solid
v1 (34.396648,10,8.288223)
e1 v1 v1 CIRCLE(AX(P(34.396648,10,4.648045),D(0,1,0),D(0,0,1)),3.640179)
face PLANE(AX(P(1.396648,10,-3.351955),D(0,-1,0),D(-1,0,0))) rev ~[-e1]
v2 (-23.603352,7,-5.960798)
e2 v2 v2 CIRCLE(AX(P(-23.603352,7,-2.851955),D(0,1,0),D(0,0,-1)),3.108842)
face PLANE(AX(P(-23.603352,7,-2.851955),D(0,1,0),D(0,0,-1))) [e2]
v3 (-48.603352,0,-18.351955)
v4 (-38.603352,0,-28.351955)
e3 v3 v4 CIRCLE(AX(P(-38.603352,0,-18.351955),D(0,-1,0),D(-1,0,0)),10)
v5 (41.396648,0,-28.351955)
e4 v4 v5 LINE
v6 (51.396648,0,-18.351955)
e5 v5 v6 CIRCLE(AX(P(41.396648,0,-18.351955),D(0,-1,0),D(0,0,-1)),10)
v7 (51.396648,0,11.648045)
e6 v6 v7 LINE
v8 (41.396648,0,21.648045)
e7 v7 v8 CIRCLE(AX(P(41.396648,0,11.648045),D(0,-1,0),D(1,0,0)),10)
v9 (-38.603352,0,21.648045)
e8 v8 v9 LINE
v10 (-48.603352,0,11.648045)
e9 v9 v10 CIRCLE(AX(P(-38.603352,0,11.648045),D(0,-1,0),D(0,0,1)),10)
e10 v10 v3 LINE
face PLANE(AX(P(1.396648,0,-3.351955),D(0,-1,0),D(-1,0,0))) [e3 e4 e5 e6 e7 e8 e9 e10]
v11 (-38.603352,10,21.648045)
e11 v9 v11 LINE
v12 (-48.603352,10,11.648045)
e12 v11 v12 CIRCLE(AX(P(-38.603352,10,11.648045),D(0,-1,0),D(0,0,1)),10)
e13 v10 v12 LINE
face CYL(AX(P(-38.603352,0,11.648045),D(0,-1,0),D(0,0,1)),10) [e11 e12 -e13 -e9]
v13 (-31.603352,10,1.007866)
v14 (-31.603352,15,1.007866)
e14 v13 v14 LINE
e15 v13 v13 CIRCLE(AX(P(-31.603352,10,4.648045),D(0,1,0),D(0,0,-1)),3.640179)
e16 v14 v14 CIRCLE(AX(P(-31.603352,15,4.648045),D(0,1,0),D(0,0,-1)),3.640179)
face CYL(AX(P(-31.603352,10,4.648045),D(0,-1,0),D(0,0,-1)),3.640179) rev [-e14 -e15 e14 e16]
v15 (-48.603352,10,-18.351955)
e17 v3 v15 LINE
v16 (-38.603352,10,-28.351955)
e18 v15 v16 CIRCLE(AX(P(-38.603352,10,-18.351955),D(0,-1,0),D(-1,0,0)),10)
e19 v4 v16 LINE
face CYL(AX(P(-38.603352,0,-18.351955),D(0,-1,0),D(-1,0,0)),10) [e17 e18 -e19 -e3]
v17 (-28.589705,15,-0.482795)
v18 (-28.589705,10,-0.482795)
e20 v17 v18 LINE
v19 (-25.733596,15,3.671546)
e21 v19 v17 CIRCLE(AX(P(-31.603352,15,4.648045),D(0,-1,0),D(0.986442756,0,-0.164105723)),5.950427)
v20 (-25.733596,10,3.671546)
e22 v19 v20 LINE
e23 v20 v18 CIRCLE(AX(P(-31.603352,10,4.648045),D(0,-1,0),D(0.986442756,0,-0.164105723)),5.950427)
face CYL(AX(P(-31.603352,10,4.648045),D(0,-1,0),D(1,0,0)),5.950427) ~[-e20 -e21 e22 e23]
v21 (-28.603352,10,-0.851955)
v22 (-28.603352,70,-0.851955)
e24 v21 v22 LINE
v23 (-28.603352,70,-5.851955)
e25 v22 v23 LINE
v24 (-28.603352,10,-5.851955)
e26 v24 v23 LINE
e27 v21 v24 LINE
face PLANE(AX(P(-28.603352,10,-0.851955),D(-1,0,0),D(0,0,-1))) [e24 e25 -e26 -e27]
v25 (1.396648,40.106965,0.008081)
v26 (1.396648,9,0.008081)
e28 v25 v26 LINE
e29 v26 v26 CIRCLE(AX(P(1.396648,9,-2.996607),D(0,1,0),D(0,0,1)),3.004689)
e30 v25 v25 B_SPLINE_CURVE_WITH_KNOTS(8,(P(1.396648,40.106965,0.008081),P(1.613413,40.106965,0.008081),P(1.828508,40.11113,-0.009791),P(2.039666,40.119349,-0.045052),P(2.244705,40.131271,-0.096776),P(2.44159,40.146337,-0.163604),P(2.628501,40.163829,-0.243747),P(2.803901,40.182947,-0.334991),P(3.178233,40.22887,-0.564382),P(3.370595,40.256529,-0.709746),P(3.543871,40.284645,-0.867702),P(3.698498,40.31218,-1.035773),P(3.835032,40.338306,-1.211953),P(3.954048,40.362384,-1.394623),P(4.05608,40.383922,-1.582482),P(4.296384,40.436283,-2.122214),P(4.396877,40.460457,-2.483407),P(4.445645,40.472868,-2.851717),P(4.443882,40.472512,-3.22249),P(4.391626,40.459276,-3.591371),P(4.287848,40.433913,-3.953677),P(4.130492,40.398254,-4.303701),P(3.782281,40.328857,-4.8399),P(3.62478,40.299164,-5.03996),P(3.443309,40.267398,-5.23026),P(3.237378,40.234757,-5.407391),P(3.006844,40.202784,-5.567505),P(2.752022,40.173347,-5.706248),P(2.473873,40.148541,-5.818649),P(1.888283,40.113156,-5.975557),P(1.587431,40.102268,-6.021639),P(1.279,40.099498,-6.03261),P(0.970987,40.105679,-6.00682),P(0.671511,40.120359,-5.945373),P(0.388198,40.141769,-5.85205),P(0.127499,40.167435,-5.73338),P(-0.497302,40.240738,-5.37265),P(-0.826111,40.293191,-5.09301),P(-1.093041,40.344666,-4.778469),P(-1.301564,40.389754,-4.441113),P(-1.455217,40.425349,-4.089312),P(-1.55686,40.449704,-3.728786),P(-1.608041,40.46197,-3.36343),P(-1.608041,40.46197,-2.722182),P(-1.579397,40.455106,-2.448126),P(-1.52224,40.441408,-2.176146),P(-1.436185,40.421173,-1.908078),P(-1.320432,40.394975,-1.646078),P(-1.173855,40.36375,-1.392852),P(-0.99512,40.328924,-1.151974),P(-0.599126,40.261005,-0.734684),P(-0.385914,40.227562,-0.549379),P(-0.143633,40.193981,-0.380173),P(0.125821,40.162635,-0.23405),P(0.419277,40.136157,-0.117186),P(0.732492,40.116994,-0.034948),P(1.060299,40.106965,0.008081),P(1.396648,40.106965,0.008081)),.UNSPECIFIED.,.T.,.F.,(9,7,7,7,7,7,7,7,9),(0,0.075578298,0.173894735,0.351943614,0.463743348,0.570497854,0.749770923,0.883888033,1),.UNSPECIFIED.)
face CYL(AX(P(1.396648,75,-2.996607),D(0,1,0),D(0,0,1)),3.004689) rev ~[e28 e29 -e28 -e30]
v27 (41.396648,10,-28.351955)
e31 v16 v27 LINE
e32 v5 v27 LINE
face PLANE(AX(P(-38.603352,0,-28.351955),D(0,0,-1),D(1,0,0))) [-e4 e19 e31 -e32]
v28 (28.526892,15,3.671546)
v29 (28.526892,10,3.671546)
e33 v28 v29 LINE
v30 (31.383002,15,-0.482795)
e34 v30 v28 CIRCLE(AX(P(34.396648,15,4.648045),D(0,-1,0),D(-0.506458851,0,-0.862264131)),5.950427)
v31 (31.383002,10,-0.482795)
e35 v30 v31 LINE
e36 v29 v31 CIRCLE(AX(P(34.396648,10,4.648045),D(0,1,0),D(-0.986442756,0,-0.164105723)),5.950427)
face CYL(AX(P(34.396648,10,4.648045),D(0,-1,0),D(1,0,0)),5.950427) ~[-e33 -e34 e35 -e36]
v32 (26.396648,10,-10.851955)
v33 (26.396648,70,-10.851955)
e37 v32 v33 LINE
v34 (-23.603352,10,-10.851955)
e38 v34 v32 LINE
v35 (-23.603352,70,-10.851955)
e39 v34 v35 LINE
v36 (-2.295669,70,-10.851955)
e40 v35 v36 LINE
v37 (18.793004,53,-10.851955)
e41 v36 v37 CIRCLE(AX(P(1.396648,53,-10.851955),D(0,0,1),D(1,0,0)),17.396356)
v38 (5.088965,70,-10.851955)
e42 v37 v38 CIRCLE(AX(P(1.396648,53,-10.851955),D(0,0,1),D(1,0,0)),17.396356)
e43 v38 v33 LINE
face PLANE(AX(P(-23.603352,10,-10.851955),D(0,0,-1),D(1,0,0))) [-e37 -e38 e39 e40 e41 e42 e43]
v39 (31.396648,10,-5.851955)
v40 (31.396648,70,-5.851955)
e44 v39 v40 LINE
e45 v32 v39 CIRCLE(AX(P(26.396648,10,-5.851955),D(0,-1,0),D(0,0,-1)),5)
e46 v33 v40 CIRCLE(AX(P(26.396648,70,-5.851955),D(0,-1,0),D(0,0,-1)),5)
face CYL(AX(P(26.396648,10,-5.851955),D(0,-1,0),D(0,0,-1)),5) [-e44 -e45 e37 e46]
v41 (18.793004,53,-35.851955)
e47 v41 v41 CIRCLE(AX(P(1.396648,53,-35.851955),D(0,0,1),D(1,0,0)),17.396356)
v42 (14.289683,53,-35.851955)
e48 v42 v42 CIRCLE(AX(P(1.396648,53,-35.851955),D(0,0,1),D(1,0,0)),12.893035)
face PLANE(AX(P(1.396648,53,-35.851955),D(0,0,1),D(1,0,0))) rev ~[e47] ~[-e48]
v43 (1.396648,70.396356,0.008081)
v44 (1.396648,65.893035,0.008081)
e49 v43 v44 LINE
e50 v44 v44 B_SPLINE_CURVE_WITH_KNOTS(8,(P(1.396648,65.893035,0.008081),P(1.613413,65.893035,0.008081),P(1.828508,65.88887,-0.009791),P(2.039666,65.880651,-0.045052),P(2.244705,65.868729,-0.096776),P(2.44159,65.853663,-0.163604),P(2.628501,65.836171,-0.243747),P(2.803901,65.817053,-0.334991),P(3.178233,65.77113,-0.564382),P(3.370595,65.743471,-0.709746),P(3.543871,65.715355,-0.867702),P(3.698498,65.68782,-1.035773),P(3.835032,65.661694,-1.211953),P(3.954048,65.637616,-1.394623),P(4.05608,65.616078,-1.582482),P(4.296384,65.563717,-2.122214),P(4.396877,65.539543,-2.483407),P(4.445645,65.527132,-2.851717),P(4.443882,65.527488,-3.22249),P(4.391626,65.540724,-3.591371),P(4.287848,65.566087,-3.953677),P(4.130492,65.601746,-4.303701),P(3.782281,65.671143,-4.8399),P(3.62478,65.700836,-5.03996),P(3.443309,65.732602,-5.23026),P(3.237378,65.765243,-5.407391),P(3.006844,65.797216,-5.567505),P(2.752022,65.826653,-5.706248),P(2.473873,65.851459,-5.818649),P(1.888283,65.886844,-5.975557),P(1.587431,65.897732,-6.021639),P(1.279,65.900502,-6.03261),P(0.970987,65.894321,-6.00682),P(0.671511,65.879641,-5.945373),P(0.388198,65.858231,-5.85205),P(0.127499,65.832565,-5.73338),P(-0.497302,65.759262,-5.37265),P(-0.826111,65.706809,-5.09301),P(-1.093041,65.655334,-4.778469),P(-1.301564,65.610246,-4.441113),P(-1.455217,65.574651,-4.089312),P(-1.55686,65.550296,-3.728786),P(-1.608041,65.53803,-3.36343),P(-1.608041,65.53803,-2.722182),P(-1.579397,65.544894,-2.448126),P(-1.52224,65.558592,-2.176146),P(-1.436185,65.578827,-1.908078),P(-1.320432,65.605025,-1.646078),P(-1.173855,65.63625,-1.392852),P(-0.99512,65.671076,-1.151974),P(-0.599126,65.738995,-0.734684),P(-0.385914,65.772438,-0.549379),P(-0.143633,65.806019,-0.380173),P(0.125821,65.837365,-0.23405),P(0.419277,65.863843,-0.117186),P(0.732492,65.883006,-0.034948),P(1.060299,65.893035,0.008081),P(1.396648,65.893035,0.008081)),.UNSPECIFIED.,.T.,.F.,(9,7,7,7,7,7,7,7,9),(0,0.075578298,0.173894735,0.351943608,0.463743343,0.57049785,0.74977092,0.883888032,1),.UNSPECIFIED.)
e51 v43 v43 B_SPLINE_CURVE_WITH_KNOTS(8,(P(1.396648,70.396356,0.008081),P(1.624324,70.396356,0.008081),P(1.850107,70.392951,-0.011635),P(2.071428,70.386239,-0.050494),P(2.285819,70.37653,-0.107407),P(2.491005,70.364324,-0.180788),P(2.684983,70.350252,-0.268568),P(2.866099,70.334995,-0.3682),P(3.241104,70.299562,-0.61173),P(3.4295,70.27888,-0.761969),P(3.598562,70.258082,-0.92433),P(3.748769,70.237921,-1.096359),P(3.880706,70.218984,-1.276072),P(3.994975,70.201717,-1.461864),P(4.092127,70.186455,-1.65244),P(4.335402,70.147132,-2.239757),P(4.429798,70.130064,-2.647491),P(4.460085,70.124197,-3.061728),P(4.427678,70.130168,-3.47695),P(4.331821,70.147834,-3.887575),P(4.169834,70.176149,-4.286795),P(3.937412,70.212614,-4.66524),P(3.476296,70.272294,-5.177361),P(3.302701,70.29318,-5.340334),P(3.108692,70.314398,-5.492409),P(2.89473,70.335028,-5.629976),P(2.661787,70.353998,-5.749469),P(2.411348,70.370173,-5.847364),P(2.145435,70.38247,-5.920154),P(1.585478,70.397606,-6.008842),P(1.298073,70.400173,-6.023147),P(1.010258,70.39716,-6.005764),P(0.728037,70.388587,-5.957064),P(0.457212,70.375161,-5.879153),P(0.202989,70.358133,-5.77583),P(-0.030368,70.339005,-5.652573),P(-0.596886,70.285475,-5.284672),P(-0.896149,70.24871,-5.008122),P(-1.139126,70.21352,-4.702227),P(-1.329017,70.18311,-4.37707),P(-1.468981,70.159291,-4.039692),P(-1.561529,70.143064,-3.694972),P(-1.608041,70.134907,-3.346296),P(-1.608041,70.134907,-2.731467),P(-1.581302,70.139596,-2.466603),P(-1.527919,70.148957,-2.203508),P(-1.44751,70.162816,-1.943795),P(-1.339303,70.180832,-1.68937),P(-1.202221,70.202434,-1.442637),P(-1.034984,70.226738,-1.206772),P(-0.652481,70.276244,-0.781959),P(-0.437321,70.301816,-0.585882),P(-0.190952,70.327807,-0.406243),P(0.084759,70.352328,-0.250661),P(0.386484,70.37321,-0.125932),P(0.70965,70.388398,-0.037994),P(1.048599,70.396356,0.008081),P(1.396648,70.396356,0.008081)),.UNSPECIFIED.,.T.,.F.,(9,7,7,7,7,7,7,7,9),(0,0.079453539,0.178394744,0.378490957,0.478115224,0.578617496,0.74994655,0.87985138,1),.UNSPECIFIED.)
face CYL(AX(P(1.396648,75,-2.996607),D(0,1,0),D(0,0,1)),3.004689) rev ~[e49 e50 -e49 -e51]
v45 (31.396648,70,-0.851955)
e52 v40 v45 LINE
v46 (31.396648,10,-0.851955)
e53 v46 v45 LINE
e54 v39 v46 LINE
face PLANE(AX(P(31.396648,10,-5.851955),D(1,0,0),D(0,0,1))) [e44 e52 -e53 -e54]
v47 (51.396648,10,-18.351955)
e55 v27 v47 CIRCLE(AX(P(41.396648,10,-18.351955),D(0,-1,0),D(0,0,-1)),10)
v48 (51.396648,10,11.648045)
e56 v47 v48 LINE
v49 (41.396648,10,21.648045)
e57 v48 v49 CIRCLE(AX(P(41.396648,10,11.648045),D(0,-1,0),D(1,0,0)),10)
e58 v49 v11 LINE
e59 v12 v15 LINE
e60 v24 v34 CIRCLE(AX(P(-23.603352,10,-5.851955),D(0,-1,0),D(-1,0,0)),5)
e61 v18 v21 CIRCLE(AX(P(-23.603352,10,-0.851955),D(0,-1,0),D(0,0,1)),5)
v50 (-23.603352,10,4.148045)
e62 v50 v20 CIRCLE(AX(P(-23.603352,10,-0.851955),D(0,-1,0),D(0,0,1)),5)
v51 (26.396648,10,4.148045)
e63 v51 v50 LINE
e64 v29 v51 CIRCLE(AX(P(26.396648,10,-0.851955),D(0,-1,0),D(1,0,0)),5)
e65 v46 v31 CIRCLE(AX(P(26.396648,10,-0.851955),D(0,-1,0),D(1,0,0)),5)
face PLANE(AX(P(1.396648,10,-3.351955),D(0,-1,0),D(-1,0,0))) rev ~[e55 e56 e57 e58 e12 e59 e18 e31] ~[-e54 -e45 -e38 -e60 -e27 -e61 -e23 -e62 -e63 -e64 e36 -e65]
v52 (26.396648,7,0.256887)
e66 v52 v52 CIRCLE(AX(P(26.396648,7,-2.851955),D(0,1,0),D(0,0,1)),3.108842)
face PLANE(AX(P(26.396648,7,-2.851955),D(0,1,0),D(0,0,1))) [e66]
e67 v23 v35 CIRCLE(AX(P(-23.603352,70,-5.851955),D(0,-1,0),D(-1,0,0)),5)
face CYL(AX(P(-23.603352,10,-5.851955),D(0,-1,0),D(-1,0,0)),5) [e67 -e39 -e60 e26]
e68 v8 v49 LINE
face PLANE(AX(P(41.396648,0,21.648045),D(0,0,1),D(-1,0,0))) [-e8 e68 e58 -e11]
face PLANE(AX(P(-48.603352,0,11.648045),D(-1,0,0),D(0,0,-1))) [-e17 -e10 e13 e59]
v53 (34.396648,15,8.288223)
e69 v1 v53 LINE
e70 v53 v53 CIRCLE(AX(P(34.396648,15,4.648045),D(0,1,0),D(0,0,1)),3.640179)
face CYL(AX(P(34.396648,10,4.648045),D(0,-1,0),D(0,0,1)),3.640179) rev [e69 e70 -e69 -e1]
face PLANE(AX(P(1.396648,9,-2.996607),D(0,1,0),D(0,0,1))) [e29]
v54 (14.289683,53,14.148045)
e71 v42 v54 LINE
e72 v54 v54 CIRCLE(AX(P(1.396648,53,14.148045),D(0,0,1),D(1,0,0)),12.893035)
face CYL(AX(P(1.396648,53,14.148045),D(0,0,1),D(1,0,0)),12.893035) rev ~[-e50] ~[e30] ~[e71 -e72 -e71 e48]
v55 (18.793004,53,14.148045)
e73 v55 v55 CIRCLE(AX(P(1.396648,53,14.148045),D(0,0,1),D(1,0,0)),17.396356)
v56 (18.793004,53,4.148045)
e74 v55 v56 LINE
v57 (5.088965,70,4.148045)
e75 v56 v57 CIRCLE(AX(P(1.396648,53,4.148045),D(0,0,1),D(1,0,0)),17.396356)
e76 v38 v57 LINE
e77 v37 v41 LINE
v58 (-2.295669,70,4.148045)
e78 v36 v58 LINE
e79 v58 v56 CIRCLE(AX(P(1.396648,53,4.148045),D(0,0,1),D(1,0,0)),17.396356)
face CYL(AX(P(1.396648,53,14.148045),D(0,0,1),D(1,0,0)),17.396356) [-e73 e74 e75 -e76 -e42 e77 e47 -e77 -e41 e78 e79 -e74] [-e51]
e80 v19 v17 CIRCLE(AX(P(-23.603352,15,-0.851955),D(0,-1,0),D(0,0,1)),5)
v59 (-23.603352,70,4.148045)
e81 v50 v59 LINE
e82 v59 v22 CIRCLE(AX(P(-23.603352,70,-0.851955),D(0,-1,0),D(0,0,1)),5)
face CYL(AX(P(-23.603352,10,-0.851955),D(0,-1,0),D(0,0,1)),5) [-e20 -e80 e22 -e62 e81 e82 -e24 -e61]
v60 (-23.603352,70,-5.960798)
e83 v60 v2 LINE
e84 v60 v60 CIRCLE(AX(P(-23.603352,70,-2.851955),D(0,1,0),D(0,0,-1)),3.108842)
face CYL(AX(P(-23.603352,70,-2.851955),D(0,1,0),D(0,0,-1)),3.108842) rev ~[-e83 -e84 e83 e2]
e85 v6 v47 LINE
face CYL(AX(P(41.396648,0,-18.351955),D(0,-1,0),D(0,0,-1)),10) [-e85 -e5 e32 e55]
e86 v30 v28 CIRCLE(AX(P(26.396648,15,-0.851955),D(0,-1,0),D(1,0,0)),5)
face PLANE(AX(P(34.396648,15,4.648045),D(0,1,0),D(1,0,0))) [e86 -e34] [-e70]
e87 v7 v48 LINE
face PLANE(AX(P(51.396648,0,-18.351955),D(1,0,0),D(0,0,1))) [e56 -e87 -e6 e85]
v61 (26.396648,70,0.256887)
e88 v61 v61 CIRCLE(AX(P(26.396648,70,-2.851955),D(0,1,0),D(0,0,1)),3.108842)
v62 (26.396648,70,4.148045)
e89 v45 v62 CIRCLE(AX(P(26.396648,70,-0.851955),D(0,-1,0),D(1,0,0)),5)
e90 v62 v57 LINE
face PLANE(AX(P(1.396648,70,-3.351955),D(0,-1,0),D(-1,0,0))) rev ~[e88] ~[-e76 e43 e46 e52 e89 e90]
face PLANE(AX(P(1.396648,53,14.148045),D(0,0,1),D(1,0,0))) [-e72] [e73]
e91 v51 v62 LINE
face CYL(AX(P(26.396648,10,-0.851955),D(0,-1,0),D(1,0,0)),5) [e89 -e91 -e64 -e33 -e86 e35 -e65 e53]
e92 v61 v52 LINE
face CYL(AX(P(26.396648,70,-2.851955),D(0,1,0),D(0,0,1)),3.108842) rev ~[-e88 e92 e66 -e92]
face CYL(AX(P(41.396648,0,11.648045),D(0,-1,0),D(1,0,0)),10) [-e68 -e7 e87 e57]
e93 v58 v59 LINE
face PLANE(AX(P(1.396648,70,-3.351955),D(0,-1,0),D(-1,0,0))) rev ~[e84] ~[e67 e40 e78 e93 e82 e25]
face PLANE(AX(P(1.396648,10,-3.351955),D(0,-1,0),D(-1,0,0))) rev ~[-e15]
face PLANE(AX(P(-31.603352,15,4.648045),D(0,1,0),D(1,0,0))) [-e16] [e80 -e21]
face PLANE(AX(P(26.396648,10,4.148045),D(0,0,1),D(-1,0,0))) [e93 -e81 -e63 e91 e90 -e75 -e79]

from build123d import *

# Parameters (mm, degrees)
BOSS_EXTRUDE2_DEPTH = 10
BOSS_EXTRUDE4_DEPTH = 60
SKETCH4_R           = 5.950427228
SKETCH4_R_2         = 3.640178542
BOSS_EXTRUDE5_DEPTH = 5
SKETCH9_R           = 17.396356036
SKETCH9_R_2         = 12.893034815
BOSS_EXTRUDE7_DEPTH = 50
SKETCH11_R          = 12.893034815
CUT_EXTRUDE2_DEPTH  = 96.902358539
SKETCH12_R          = 3.108842341
CUT_EXTRUDE5_DEPTH  = 63
SKETCH16_R          = 3.004688719
CUT_EXTRUDE6_DEPTH  = 66


with BuildPart() as part:
    # Sketch1 → Boss-Extrude2 (new body)
    with BuildSketch(Plane(origin=(0, 0, 0), x_dir=(1, 0, 0), z_dir=(0, 1, 0))):
        with BuildLine():
            Line((-38.603351955, 28.351955307), (41.396648045, 28.351955307))
            ThreePointArc((41.396648045, 28.351955307), (48.467715857, 25.423023119), (51.396648045, 18.351955307))
            Line((51.396648045, 18.351955307), (51.396648045, -11.648044693))
            ThreePointArc((51.396648045, -11.648044693), (48.467715857, -18.719112505), (41.396648045, -21.648044693))
            Line((41.396648045, -21.648044693), (-38.603351955, -21.648044693))
            ThreePointArc((-38.603351955, -21.648044693), (-45.674419767, -18.719112505), (-48.603351955, -11.648044693))
            Line((-48.603351955, -11.648044693), (-48.603351955, 18.351955307))
            ThreePointArc((-48.603351955, 18.351955307), (-45.674419767, 25.423023119), (-38.603351955, 28.351955307))
        make_face()
    extrude(amount=BOSS_EXTRUDE2_DEPTH)

    # Sketch3 → Boss-Extrude4 (add)
    with BuildSketch(Plane(origin=(0, 10, 0), x_dir=(1, 0, 0), z_dir=(0, 1, 0))):
        with BuildLine():
            Line((-23.603351955, 10.851955307), (26.396648045, 10.851955307))
            ThreePointArc((26.396648045, 10.851955307), (29.932181951, 9.387489213), (31.396648045, 5.851955307))
            Line((31.396648045, 5.851955307), (31.396648045, 0.851955307))
            ThreePointArc((31.396648045, 0.851955307), (29.932181951, -2.683578599), (26.396648045, -4.148044693))
            Line((26.396648045, -4.148044693), (-23.603351955, -4.148044693))
            ThreePointArc((-23.603351955, -4.148044693), (-27.138885861, -2.683578599), (-28.603351955, 0.851955307))
            Line((-28.603351955, 0.851955307), (-28.603351955, 5.851955307))
            ThreePointArc((-28.603351955, 5.851955307), (-27.138885861, 9.387489213), (-23.603351955, 10.851955307))
        make_face()
    extrude(amount=BOSS_EXTRUDE4_DEPTH)

    # Sketch4 → Boss-Extrude5 (add)
    # profile 1 of 2: a face of its own
    with BuildSketch(Plane(origin=(0, 10, 0), x_dir=(1, 0, 0), z_dir=(0, 1, 0))):
        with Locations((34.396648045, -4.648044693)):
            Circle(SKETCH4_R)
        with Locations(Location((34.396648045, -4.648044693, 0), (0, 0, 270))):
            Circle(SKETCH4_R_2, mode=Mode.SUBTRACT)
    # profile 2 of 2: a face of its own
    with BuildSketch(Plane(origin=(0, 10, 0), x_dir=(1, 0, 0), z_dir=(0, 1, 0))):
        with Locations((-31.603351955, -4.648044693)):
            Circle(SKETCH4_R)
        with Locations(Location((-31.603351955, -4.648044693, 0), (0, 0, 90))):
            Circle(SKETCH4_R_2, mode=Mode.SUBTRACT)
    extrude(amount=BOSS_EXTRUDE5_DEPTH)

    # Sketch9 → Boss-Extrude7 (add)
    with BuildSketch(Plane.XY.offset(14.148044693)):
        with Locations((1.396648045, 53)):
            Circle(SKETCH9_R)
        with Locations((1.396648045, 53)):
            Circle(SKETCH9_R_2, mode=Mode.SUBTRACT)
    extrude(amount=-BOSS_EXTRUDE7_DEPTH)

    # Sketch11 → Cut-Extrude2 (cut, through all)
    with BuildSketch(Plane.XY.offset(4.148044693)):
        with Locations((1.396648045, 53)):
            Circle(SKETCH11_R)
    extrude(amount=-CUT_EXTRUDE2_DEPTH, mode=Mode.SUBTRACT)

    # Sketch12 → Cut-Extrude5 (cut)
    with BuildSketch(Plane(origin=(0, 70, 0), x_dir=(1, 0, 0), z_dir=(0, 1, 0))):
        with Locations(Location((26.396648045, 2.851955307, 0), (0, 0, 270))):
            Circle(SKETCH12_R)
        with Locations(Location((-23.603351955, 2.851955307, 0), (0, 0, 90))):
            Circle(SKETCH12_R)
    extrude(amount=-CUT_EXTRUDE5_DEPTH, mode=Mode.SUBTRACT)

    # Sketch16 → Cut-Extrude6 (cut)
    with BuildSketch(Plane(origin=(0, 75, 0), x_dir=(1, 0, 0), z_dir=(0, 1, 0))):
        with Locations(Location((1.396648045, 2.996607423, 0), (0, 0, 270))):
            Circle(SKETCH16_R)
    extrude(amount=-CUT_EXTRUDE6_DEPTH, mode=Mode.SUBTRACT)


solid = part.part
